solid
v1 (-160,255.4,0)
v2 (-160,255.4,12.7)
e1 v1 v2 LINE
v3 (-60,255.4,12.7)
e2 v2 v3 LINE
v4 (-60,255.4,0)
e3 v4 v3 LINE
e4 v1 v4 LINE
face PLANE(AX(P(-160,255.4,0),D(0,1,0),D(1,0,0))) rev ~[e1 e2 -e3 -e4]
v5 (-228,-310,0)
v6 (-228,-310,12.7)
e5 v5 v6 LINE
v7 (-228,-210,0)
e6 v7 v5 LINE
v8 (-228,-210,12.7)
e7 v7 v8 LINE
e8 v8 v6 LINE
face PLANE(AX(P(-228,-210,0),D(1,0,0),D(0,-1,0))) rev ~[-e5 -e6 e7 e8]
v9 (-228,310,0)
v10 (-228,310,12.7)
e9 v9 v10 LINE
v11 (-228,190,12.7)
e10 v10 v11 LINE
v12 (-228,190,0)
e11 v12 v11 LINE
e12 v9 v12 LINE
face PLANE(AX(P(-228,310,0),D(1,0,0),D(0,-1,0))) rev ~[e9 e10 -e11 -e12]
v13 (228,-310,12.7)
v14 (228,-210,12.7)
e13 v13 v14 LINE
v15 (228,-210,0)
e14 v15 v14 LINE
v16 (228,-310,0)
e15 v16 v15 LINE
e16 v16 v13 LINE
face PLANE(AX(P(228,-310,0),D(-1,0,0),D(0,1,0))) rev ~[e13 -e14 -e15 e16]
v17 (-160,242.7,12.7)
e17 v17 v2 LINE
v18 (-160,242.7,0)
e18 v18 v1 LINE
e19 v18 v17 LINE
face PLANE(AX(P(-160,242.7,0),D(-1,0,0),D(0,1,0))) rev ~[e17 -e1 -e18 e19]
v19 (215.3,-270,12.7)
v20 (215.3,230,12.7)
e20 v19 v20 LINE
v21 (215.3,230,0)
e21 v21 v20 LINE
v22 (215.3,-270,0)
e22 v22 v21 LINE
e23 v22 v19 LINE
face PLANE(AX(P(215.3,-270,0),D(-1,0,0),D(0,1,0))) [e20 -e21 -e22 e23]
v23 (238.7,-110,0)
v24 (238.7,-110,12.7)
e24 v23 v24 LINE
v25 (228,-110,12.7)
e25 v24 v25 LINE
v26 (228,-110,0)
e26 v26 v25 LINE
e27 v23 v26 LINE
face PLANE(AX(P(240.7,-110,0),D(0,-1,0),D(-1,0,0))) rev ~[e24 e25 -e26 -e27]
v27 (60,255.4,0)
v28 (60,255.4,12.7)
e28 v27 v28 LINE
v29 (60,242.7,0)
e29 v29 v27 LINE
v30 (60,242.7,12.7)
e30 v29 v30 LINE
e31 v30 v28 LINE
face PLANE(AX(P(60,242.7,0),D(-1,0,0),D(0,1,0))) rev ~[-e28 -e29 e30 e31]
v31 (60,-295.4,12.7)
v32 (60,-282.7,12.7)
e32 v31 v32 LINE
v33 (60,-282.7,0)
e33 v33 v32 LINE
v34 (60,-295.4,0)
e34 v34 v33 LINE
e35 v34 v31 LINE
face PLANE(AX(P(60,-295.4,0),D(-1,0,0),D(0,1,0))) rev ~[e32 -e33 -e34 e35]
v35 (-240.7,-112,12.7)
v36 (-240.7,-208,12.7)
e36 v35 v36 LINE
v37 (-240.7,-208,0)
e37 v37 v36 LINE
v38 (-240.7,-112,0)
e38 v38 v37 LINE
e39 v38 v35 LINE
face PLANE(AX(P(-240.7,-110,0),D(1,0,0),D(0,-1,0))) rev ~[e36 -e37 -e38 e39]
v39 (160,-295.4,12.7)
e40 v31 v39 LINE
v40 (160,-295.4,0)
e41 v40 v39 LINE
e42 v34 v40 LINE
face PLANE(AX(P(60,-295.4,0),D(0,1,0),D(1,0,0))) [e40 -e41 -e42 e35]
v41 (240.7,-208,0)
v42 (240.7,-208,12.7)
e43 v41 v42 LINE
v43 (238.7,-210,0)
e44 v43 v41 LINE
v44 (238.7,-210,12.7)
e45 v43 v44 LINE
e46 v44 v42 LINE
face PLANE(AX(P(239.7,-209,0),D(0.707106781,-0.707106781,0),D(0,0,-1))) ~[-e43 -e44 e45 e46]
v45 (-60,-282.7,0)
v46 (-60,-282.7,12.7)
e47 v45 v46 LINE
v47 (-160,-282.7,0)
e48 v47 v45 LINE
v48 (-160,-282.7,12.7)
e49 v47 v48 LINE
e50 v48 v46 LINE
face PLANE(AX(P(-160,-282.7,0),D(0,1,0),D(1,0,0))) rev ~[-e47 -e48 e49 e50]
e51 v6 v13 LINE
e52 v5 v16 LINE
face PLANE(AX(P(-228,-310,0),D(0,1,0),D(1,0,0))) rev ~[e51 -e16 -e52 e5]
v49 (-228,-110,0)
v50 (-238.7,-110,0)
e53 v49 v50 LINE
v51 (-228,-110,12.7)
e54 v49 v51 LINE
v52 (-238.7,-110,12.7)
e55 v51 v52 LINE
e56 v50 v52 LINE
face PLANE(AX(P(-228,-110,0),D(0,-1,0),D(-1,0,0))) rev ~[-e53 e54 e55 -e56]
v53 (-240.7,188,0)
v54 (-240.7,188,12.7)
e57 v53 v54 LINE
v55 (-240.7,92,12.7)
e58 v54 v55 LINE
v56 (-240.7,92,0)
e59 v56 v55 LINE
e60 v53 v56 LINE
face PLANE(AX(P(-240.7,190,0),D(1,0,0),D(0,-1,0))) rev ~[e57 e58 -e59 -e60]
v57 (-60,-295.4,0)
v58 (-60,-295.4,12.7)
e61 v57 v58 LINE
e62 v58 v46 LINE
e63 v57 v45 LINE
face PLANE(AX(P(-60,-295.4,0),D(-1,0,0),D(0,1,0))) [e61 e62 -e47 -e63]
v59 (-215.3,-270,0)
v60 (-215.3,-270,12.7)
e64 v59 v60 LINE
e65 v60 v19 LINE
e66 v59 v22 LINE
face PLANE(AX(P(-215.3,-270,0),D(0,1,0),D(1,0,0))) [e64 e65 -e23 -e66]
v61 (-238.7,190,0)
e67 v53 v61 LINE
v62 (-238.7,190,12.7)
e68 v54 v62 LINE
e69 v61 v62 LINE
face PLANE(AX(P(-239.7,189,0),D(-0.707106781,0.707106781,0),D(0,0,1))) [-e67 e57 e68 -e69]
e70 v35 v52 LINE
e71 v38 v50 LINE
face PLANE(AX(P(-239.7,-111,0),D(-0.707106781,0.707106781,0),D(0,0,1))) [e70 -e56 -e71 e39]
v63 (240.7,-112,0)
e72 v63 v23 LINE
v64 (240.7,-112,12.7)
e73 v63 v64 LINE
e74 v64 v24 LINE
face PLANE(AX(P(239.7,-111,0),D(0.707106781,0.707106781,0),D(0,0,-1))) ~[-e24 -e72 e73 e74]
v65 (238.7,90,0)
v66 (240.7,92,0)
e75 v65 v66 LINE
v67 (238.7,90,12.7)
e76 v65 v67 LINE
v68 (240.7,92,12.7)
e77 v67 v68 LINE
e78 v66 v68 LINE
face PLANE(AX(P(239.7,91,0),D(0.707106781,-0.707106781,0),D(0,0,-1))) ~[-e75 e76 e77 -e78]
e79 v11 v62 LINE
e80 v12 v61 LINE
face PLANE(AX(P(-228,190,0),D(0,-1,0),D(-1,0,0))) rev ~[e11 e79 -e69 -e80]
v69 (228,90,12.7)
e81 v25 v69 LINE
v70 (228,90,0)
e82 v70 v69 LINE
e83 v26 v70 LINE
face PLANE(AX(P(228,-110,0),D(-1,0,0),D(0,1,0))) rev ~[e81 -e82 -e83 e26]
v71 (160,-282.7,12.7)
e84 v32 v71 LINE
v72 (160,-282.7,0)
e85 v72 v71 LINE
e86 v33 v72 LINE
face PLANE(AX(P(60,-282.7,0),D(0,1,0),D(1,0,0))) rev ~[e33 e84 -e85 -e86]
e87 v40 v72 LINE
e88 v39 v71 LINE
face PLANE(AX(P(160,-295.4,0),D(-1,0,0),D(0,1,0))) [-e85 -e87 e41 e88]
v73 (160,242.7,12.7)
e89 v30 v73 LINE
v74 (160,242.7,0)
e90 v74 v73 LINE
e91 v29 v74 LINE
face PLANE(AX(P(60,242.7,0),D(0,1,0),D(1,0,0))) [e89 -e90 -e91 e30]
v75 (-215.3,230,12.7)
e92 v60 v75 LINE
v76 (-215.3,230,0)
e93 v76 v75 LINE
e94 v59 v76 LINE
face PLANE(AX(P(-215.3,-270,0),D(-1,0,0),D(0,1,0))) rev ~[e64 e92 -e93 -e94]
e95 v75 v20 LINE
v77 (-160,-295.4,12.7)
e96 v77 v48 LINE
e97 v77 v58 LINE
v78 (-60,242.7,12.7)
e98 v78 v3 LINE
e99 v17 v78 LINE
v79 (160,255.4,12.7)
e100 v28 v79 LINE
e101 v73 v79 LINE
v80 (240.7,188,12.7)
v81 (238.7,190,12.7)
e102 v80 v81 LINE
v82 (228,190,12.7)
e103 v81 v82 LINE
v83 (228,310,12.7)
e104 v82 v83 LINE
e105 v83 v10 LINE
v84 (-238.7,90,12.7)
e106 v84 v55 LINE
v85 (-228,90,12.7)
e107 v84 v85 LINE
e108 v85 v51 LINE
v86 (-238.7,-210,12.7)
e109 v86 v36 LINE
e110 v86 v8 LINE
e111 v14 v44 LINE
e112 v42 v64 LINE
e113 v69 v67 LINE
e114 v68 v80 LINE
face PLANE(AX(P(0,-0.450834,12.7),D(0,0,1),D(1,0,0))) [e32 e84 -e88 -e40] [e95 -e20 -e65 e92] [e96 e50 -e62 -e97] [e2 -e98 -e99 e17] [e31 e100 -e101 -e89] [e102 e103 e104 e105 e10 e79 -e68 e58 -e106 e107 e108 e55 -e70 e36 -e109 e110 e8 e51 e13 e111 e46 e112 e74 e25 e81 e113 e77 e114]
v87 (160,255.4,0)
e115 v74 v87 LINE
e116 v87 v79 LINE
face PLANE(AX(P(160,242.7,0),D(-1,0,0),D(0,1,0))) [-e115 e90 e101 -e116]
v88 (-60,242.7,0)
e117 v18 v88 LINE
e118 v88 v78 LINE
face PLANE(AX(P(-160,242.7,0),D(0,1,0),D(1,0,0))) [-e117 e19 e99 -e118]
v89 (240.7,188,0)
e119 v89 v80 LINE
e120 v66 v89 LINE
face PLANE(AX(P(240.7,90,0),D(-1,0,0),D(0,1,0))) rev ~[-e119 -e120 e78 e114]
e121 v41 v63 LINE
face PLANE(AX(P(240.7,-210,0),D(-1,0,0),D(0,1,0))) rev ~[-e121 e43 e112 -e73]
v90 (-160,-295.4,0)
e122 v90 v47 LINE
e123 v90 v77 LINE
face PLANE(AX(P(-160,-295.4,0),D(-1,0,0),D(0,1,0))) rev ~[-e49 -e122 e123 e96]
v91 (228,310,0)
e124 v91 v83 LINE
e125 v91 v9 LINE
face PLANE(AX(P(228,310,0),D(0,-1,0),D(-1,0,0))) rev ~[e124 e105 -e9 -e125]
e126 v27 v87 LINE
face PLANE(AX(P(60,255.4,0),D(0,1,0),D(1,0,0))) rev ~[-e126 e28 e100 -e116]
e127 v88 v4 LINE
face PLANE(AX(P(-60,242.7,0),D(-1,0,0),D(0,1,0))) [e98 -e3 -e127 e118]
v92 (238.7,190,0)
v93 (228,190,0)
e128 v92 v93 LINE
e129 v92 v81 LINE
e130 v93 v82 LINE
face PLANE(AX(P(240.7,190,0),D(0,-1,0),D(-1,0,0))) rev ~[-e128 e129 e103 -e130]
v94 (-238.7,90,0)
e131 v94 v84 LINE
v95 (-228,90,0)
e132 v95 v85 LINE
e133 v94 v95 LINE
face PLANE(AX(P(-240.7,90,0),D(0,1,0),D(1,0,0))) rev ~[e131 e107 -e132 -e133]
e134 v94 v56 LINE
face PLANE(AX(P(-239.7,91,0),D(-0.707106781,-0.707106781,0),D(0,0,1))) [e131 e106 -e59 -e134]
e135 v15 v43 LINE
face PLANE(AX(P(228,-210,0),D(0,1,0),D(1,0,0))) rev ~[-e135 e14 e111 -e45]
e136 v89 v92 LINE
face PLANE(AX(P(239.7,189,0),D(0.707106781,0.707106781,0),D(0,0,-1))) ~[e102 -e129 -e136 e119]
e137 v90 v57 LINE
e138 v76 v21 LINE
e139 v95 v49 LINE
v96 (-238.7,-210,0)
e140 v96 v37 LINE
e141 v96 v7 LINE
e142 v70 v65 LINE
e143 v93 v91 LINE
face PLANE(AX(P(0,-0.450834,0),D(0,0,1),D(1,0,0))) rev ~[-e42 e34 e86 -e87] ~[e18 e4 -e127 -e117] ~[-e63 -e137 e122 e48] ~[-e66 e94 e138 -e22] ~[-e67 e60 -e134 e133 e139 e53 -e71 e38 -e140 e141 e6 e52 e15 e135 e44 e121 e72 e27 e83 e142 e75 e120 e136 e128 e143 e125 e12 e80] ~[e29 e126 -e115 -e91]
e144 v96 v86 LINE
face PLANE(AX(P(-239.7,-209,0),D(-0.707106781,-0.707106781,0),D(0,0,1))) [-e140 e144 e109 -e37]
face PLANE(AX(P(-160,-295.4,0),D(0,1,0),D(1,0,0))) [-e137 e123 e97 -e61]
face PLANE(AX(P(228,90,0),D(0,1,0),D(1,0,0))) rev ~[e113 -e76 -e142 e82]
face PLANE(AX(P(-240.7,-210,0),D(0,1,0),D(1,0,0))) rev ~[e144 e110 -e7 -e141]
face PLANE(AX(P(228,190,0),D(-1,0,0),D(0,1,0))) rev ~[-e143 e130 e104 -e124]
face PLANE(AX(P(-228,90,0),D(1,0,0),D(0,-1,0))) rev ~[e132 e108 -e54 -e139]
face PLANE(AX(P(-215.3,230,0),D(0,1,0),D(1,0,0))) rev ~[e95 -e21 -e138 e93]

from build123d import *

# Parameters (mm, degrees)
F0_W     = 100
F0_H     = 12.7
F0_W_2   = 430.6
F0_H_2   = 500
F1_DEPTH = 12.7
F2_SIZE  = 2


with BuildPart() as f1:
    # F0 (on Top) → F1 (new body)
    with BuildSketch(Plane.XY):
        Polygon((-228, -310), (228, -310), (228, -210), (240.7, -210), (240.7, -110), (228, -110), (228, 90), (240.7, 90), (240.7, 190), (228, 190), (228, 310), (-228, 310), (-228, 190), (-240.7, 190), (-240.7, 90), (-228, 90), (-228, -110), (-240.7, -110), (-240.7, -210), (-228, -210), align=None)
        with Locations((-110, -289.05)):
            Rectangle(F0_W, F0_H, mode=Mode.SUBTRACT)
        with Locations((0, -20)):
            Rectangle(F0_W_2, F0_H_2, mode=Mode.SUBTRACT)
        with Locations((110, -289.05)):
            Rectangle(F0_W, F0_H, mode=Mode.SUBTRACT)
        with Locations((-110, 249.05)):
            Rectangle(F0_W, F0_H, mode=Mode.SUBTRACT)
        with Locations((110, 249.05)):
            Rectangle(F0_W, F0_H, mode=Mode.SUBTRACT)
    extrude(amount=F1_DEPTH)

    # F2
    f2_edges = [f1.edges().sort_by_distance(p)[0] for p in [
        (240.7, -110, 6.35),
        (240.7, -210, 6.35),
        (240.7, 190, 6.35),
        (240.7, 90, 6.35),
        (-240.7, 190, 6.35),
        (-240.7, 90, 6.35),
        (-240.7, -110, 6.35),
        (-240.7, -210, 6.35),
    ]]
    chamfer(f2_edges, length=F2_SIZE)


solid = f1.part
